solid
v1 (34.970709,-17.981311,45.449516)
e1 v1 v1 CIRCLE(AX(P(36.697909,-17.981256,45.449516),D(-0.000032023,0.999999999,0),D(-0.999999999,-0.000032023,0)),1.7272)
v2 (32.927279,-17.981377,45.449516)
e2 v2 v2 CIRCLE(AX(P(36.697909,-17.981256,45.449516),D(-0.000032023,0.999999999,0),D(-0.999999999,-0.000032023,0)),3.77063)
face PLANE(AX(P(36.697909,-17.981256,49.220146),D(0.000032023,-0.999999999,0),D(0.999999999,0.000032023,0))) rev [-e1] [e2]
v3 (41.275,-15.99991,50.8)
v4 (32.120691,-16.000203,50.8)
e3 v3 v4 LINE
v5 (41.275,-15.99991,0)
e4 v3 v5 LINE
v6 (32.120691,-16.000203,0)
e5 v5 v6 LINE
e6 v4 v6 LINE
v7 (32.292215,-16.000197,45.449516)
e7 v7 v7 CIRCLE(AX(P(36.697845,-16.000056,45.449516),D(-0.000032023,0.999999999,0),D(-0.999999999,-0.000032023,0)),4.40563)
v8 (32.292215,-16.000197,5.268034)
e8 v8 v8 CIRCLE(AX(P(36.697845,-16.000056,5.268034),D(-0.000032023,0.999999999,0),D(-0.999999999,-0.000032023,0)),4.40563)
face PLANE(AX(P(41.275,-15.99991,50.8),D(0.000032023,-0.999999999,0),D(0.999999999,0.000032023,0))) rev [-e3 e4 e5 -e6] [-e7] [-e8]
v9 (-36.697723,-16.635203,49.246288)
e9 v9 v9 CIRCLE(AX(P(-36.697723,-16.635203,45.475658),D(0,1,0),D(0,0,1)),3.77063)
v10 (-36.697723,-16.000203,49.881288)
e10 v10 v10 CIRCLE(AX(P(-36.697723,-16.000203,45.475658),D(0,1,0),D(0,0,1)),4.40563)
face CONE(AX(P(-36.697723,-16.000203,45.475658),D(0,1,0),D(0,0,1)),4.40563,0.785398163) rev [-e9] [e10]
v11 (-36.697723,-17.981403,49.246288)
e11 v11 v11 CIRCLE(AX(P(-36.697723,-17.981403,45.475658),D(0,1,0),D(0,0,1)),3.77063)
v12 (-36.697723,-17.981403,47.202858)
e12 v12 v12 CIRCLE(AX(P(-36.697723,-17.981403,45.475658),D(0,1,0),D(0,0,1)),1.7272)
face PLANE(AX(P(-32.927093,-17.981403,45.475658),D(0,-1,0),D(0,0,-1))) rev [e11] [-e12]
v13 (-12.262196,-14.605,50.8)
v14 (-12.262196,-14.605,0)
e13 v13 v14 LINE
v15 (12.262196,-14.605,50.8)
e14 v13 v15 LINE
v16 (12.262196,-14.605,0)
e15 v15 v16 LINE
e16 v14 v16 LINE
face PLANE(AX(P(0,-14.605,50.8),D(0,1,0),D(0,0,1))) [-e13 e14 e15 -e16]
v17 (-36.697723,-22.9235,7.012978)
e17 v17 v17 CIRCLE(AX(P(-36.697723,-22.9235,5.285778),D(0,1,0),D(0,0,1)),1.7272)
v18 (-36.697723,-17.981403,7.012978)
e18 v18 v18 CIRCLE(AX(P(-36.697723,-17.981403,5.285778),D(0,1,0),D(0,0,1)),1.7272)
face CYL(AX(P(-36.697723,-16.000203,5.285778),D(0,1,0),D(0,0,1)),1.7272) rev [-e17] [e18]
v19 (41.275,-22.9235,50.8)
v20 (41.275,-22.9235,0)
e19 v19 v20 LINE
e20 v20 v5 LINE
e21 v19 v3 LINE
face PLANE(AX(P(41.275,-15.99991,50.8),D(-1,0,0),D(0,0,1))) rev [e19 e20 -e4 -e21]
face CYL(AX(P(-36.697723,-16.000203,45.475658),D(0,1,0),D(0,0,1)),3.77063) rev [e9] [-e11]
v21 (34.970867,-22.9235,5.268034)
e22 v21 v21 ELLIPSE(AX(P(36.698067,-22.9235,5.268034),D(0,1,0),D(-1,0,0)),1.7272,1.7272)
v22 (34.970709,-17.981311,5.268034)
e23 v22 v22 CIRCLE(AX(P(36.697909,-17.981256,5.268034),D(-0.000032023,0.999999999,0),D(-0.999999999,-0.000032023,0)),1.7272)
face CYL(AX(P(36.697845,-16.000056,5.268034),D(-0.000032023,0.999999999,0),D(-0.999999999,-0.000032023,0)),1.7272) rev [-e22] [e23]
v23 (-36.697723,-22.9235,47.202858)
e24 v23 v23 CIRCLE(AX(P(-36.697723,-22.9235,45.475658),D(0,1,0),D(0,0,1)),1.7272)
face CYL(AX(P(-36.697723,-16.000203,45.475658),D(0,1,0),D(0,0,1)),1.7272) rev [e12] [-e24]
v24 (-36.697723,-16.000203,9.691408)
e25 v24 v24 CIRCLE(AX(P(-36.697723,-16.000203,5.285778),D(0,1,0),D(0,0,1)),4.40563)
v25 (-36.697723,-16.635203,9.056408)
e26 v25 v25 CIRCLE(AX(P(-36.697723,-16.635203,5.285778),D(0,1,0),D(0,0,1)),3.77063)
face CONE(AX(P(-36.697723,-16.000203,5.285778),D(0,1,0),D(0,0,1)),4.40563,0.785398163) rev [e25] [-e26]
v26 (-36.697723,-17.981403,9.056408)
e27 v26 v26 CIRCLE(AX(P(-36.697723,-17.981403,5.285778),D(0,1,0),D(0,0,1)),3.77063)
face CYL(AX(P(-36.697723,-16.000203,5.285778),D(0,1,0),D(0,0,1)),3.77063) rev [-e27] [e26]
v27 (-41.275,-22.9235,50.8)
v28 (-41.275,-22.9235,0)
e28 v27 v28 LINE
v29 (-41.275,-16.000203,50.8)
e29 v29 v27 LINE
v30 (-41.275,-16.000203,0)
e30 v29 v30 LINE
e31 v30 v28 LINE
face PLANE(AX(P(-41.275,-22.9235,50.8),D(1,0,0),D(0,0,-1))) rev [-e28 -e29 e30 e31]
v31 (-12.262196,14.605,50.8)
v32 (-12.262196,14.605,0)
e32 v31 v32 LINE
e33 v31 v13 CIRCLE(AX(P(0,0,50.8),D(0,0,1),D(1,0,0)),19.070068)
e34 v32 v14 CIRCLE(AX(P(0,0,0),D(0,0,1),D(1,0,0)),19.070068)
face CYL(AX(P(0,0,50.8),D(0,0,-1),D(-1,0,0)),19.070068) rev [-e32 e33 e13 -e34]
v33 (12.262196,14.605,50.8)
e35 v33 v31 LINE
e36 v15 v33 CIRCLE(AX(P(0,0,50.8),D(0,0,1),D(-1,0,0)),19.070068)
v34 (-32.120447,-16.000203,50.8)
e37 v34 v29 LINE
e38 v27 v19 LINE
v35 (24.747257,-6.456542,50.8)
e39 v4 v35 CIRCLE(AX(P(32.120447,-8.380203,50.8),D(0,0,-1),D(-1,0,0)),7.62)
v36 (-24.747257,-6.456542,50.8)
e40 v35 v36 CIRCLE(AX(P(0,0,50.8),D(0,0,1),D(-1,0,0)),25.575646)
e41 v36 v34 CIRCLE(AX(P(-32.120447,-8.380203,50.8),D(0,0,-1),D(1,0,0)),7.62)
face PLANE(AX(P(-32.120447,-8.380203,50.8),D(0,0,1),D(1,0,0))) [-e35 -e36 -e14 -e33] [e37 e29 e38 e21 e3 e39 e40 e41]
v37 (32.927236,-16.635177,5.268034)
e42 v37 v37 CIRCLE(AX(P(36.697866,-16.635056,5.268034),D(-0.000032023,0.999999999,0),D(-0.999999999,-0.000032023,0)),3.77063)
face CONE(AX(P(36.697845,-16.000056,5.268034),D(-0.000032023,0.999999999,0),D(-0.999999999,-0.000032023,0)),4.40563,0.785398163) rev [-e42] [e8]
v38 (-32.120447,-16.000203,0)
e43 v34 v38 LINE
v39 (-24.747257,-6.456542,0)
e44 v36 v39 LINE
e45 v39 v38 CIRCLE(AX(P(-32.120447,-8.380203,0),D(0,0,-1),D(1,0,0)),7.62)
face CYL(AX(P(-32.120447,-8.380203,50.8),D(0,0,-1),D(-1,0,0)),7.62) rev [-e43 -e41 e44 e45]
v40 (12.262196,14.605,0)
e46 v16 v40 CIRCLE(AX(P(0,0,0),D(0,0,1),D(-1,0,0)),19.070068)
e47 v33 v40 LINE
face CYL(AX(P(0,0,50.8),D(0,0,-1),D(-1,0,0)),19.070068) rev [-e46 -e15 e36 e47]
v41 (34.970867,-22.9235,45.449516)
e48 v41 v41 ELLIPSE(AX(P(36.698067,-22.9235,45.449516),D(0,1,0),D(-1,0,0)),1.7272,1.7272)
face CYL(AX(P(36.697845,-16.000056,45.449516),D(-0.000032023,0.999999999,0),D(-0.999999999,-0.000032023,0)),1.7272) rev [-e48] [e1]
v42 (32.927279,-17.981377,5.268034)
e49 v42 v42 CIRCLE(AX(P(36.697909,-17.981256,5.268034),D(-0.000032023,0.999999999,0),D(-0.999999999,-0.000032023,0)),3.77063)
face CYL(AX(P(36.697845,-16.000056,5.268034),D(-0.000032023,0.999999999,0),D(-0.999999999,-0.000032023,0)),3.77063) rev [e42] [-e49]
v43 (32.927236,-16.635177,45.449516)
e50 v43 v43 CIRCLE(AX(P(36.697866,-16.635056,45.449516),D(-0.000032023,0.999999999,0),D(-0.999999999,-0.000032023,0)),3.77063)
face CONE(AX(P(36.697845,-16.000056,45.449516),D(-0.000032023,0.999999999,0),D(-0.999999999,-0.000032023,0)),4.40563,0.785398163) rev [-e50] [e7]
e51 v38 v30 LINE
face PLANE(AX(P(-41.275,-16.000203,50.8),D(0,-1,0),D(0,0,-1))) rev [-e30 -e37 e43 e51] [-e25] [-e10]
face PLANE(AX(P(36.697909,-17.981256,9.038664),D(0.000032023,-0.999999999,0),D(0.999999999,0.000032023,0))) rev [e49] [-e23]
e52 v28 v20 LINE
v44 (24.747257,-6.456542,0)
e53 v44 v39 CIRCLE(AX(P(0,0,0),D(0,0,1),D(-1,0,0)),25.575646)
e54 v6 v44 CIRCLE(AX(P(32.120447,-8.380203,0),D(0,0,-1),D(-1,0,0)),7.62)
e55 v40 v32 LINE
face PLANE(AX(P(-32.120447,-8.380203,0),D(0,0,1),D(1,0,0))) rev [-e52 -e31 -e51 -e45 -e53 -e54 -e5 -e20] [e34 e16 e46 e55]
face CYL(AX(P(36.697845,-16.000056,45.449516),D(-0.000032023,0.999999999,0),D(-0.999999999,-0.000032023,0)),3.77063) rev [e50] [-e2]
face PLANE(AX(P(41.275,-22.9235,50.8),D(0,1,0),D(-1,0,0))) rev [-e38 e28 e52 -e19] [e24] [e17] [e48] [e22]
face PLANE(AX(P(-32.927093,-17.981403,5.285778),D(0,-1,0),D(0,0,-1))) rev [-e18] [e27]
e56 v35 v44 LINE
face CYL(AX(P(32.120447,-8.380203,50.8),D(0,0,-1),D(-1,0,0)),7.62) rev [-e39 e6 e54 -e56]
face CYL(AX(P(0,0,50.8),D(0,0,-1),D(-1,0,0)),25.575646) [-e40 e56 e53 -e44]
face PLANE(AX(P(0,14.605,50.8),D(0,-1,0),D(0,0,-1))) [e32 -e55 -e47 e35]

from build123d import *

# Parameters (mm, degrees)
BOSS_EXTRUDE1_DEPTH                         = 50.8
CBORE_FOR_5_BINDING_HEAD_MACHINE_SC_2_COUNT = 2
CBORE_FOR_5_BINDING_HEAD_MACHINE_SC_2_PITCH = 40.189879992
CBORE_FOR_5_BINDING_HEAD_MACHINE_SC_3_COUNT = 2
CBORE_FOR_5_BINDING_HEAD_MACHINE_SC_3_PITCH = 40.181482417


with BuildPart() as part:
    # Sketch1 → Boss-Extrude1 (new body)
    with BuildSketch(Plane.XY):
        with BuildLine():
            Line((41.275, -15.999909517), (41.275, -22.9235))
            Line((41.275, -22.9235), (-41.275, -22.9235))
            Line((-41.275, -22.9235), (-41.275, -16.00020267))
            Line((-41.275, -16.00020267), (-32.120446577, -16.00020267))
            ThreePointArc((-32.120446577, -16.00020267), (-26.090409627, -13.03885638), (-24.747256549, -6.456542406))
            ThreePointArc((-24.747256549, -6.456542406), (0, 25.575645574), (24.747256549, -6.456542406))
            ThreePointArc((24.747256549, -6.456542406), (26.09048422, -13.03895293), (32.120690592, -16.000202666))
            Line((32.120690592, -16.000202666), (41.275, -15.999909517))
        make_face()
        with BuildLine():
            Line((0, 14.605), (12.262196034, 14.605))
            ThreePointArc((12.262196034, 14.605), (19.070067555, 0), (12.262196034, -14.605))
            Line((12.262196034, -14.605), (0, -14.605))
            Line((0, -14.605), (-12.262196034, -14.605))
            ThreePointArc((-12.262196034, -14.605), (-19.070067555, 0), (-12.262196034, 14.605))
            Line((-12.262196034, 14.605), (0, 14.605))
        make_face(mode=Mode.SUBTRACT)
    extrude(amount=BOSS_EXTRUDE1_DEPTH)

    # Sketch6 → CBORE for #5 Binding Head Machine Screw1 (revolve, cut)
    with BuildSketch(Plane(origin=(-36.697723288, -16.00020267, 5.28577815), x_dir=(0, 0, 1), z_dir=(1, 0, 0))):
        Polygon((0, 0), (0, 6.92329733), (1.7272, 6.92329733), (1.7272, 1.9812), (3.77063, 1.9812), (3.77063, 0.635), (4.40563, 0), align=None)
    cbore_for_5_binding_head_machine_screw1 = revolve(axis=Axis((-36.697723288, -9.65020267, 5.28577815), (0, -1, 0)), mode=Mode.SUBTRACT)

    # CBORE for _5 Binding Head Machine Sc 2: CBORE for #5 Binding Head Machine Screw1 ×2
    with Locations(*[(0, 0, i * CBORE_FOR_5_BINDING_HEAD_MACHINE_SC_2_PITCH) for i in range(1, CBORE_FOR_5_BINDING_HEAD_MACHINE_SC_2_COUNT)]):
        add(cbore_for_5_binding_head_machine_screw1, mode=Mode.SUBTRACT)

    # Sketch8 → CBORE for #5 Binding Head Machine Screw2 (revolve, cut)
    with BuildSketch(Plane(origin=(36.697845296, -16.000056092, 5.268033609), x_dir=(-0.9999999994872624, -3.2023045840411235e-05, 0), z_dir=(0, 0, 1))):
        Polygon((0, 0), (0, 6.923590479), (1.7272, 6.923590479), (1.7272, 1.9812), (3.77063, 1.9812), (3.77063, 0.635), (4.40563, 0), align=None)
    cbore_for_5_binding_head_machine_screw2 = revolve(axis=Axis((36.69764195, -9.650056095, 5.268033609), (3.20230458404138e-05, -0.9999999994872623, 0)), mode=Mode.SUBTRACT)

    # CBORE for _5 Binding Head Machine Sc 3: CBORE for #5 Binding Head Machine Screw2 ×2
    with Locations(*[(0, 0, i * CBORE_FOR_5_BINDING_HEAD_MACHINE_SC_3_PITCH) for i in range(1, CBORE_FOR_5_BINDING_HEAD_MACHINE_SC_3_COUNT)]):
        add(cbore_for_5_binding_head_machine_screw2, mode=Mode.SUBTRACT)


solid = part.part
